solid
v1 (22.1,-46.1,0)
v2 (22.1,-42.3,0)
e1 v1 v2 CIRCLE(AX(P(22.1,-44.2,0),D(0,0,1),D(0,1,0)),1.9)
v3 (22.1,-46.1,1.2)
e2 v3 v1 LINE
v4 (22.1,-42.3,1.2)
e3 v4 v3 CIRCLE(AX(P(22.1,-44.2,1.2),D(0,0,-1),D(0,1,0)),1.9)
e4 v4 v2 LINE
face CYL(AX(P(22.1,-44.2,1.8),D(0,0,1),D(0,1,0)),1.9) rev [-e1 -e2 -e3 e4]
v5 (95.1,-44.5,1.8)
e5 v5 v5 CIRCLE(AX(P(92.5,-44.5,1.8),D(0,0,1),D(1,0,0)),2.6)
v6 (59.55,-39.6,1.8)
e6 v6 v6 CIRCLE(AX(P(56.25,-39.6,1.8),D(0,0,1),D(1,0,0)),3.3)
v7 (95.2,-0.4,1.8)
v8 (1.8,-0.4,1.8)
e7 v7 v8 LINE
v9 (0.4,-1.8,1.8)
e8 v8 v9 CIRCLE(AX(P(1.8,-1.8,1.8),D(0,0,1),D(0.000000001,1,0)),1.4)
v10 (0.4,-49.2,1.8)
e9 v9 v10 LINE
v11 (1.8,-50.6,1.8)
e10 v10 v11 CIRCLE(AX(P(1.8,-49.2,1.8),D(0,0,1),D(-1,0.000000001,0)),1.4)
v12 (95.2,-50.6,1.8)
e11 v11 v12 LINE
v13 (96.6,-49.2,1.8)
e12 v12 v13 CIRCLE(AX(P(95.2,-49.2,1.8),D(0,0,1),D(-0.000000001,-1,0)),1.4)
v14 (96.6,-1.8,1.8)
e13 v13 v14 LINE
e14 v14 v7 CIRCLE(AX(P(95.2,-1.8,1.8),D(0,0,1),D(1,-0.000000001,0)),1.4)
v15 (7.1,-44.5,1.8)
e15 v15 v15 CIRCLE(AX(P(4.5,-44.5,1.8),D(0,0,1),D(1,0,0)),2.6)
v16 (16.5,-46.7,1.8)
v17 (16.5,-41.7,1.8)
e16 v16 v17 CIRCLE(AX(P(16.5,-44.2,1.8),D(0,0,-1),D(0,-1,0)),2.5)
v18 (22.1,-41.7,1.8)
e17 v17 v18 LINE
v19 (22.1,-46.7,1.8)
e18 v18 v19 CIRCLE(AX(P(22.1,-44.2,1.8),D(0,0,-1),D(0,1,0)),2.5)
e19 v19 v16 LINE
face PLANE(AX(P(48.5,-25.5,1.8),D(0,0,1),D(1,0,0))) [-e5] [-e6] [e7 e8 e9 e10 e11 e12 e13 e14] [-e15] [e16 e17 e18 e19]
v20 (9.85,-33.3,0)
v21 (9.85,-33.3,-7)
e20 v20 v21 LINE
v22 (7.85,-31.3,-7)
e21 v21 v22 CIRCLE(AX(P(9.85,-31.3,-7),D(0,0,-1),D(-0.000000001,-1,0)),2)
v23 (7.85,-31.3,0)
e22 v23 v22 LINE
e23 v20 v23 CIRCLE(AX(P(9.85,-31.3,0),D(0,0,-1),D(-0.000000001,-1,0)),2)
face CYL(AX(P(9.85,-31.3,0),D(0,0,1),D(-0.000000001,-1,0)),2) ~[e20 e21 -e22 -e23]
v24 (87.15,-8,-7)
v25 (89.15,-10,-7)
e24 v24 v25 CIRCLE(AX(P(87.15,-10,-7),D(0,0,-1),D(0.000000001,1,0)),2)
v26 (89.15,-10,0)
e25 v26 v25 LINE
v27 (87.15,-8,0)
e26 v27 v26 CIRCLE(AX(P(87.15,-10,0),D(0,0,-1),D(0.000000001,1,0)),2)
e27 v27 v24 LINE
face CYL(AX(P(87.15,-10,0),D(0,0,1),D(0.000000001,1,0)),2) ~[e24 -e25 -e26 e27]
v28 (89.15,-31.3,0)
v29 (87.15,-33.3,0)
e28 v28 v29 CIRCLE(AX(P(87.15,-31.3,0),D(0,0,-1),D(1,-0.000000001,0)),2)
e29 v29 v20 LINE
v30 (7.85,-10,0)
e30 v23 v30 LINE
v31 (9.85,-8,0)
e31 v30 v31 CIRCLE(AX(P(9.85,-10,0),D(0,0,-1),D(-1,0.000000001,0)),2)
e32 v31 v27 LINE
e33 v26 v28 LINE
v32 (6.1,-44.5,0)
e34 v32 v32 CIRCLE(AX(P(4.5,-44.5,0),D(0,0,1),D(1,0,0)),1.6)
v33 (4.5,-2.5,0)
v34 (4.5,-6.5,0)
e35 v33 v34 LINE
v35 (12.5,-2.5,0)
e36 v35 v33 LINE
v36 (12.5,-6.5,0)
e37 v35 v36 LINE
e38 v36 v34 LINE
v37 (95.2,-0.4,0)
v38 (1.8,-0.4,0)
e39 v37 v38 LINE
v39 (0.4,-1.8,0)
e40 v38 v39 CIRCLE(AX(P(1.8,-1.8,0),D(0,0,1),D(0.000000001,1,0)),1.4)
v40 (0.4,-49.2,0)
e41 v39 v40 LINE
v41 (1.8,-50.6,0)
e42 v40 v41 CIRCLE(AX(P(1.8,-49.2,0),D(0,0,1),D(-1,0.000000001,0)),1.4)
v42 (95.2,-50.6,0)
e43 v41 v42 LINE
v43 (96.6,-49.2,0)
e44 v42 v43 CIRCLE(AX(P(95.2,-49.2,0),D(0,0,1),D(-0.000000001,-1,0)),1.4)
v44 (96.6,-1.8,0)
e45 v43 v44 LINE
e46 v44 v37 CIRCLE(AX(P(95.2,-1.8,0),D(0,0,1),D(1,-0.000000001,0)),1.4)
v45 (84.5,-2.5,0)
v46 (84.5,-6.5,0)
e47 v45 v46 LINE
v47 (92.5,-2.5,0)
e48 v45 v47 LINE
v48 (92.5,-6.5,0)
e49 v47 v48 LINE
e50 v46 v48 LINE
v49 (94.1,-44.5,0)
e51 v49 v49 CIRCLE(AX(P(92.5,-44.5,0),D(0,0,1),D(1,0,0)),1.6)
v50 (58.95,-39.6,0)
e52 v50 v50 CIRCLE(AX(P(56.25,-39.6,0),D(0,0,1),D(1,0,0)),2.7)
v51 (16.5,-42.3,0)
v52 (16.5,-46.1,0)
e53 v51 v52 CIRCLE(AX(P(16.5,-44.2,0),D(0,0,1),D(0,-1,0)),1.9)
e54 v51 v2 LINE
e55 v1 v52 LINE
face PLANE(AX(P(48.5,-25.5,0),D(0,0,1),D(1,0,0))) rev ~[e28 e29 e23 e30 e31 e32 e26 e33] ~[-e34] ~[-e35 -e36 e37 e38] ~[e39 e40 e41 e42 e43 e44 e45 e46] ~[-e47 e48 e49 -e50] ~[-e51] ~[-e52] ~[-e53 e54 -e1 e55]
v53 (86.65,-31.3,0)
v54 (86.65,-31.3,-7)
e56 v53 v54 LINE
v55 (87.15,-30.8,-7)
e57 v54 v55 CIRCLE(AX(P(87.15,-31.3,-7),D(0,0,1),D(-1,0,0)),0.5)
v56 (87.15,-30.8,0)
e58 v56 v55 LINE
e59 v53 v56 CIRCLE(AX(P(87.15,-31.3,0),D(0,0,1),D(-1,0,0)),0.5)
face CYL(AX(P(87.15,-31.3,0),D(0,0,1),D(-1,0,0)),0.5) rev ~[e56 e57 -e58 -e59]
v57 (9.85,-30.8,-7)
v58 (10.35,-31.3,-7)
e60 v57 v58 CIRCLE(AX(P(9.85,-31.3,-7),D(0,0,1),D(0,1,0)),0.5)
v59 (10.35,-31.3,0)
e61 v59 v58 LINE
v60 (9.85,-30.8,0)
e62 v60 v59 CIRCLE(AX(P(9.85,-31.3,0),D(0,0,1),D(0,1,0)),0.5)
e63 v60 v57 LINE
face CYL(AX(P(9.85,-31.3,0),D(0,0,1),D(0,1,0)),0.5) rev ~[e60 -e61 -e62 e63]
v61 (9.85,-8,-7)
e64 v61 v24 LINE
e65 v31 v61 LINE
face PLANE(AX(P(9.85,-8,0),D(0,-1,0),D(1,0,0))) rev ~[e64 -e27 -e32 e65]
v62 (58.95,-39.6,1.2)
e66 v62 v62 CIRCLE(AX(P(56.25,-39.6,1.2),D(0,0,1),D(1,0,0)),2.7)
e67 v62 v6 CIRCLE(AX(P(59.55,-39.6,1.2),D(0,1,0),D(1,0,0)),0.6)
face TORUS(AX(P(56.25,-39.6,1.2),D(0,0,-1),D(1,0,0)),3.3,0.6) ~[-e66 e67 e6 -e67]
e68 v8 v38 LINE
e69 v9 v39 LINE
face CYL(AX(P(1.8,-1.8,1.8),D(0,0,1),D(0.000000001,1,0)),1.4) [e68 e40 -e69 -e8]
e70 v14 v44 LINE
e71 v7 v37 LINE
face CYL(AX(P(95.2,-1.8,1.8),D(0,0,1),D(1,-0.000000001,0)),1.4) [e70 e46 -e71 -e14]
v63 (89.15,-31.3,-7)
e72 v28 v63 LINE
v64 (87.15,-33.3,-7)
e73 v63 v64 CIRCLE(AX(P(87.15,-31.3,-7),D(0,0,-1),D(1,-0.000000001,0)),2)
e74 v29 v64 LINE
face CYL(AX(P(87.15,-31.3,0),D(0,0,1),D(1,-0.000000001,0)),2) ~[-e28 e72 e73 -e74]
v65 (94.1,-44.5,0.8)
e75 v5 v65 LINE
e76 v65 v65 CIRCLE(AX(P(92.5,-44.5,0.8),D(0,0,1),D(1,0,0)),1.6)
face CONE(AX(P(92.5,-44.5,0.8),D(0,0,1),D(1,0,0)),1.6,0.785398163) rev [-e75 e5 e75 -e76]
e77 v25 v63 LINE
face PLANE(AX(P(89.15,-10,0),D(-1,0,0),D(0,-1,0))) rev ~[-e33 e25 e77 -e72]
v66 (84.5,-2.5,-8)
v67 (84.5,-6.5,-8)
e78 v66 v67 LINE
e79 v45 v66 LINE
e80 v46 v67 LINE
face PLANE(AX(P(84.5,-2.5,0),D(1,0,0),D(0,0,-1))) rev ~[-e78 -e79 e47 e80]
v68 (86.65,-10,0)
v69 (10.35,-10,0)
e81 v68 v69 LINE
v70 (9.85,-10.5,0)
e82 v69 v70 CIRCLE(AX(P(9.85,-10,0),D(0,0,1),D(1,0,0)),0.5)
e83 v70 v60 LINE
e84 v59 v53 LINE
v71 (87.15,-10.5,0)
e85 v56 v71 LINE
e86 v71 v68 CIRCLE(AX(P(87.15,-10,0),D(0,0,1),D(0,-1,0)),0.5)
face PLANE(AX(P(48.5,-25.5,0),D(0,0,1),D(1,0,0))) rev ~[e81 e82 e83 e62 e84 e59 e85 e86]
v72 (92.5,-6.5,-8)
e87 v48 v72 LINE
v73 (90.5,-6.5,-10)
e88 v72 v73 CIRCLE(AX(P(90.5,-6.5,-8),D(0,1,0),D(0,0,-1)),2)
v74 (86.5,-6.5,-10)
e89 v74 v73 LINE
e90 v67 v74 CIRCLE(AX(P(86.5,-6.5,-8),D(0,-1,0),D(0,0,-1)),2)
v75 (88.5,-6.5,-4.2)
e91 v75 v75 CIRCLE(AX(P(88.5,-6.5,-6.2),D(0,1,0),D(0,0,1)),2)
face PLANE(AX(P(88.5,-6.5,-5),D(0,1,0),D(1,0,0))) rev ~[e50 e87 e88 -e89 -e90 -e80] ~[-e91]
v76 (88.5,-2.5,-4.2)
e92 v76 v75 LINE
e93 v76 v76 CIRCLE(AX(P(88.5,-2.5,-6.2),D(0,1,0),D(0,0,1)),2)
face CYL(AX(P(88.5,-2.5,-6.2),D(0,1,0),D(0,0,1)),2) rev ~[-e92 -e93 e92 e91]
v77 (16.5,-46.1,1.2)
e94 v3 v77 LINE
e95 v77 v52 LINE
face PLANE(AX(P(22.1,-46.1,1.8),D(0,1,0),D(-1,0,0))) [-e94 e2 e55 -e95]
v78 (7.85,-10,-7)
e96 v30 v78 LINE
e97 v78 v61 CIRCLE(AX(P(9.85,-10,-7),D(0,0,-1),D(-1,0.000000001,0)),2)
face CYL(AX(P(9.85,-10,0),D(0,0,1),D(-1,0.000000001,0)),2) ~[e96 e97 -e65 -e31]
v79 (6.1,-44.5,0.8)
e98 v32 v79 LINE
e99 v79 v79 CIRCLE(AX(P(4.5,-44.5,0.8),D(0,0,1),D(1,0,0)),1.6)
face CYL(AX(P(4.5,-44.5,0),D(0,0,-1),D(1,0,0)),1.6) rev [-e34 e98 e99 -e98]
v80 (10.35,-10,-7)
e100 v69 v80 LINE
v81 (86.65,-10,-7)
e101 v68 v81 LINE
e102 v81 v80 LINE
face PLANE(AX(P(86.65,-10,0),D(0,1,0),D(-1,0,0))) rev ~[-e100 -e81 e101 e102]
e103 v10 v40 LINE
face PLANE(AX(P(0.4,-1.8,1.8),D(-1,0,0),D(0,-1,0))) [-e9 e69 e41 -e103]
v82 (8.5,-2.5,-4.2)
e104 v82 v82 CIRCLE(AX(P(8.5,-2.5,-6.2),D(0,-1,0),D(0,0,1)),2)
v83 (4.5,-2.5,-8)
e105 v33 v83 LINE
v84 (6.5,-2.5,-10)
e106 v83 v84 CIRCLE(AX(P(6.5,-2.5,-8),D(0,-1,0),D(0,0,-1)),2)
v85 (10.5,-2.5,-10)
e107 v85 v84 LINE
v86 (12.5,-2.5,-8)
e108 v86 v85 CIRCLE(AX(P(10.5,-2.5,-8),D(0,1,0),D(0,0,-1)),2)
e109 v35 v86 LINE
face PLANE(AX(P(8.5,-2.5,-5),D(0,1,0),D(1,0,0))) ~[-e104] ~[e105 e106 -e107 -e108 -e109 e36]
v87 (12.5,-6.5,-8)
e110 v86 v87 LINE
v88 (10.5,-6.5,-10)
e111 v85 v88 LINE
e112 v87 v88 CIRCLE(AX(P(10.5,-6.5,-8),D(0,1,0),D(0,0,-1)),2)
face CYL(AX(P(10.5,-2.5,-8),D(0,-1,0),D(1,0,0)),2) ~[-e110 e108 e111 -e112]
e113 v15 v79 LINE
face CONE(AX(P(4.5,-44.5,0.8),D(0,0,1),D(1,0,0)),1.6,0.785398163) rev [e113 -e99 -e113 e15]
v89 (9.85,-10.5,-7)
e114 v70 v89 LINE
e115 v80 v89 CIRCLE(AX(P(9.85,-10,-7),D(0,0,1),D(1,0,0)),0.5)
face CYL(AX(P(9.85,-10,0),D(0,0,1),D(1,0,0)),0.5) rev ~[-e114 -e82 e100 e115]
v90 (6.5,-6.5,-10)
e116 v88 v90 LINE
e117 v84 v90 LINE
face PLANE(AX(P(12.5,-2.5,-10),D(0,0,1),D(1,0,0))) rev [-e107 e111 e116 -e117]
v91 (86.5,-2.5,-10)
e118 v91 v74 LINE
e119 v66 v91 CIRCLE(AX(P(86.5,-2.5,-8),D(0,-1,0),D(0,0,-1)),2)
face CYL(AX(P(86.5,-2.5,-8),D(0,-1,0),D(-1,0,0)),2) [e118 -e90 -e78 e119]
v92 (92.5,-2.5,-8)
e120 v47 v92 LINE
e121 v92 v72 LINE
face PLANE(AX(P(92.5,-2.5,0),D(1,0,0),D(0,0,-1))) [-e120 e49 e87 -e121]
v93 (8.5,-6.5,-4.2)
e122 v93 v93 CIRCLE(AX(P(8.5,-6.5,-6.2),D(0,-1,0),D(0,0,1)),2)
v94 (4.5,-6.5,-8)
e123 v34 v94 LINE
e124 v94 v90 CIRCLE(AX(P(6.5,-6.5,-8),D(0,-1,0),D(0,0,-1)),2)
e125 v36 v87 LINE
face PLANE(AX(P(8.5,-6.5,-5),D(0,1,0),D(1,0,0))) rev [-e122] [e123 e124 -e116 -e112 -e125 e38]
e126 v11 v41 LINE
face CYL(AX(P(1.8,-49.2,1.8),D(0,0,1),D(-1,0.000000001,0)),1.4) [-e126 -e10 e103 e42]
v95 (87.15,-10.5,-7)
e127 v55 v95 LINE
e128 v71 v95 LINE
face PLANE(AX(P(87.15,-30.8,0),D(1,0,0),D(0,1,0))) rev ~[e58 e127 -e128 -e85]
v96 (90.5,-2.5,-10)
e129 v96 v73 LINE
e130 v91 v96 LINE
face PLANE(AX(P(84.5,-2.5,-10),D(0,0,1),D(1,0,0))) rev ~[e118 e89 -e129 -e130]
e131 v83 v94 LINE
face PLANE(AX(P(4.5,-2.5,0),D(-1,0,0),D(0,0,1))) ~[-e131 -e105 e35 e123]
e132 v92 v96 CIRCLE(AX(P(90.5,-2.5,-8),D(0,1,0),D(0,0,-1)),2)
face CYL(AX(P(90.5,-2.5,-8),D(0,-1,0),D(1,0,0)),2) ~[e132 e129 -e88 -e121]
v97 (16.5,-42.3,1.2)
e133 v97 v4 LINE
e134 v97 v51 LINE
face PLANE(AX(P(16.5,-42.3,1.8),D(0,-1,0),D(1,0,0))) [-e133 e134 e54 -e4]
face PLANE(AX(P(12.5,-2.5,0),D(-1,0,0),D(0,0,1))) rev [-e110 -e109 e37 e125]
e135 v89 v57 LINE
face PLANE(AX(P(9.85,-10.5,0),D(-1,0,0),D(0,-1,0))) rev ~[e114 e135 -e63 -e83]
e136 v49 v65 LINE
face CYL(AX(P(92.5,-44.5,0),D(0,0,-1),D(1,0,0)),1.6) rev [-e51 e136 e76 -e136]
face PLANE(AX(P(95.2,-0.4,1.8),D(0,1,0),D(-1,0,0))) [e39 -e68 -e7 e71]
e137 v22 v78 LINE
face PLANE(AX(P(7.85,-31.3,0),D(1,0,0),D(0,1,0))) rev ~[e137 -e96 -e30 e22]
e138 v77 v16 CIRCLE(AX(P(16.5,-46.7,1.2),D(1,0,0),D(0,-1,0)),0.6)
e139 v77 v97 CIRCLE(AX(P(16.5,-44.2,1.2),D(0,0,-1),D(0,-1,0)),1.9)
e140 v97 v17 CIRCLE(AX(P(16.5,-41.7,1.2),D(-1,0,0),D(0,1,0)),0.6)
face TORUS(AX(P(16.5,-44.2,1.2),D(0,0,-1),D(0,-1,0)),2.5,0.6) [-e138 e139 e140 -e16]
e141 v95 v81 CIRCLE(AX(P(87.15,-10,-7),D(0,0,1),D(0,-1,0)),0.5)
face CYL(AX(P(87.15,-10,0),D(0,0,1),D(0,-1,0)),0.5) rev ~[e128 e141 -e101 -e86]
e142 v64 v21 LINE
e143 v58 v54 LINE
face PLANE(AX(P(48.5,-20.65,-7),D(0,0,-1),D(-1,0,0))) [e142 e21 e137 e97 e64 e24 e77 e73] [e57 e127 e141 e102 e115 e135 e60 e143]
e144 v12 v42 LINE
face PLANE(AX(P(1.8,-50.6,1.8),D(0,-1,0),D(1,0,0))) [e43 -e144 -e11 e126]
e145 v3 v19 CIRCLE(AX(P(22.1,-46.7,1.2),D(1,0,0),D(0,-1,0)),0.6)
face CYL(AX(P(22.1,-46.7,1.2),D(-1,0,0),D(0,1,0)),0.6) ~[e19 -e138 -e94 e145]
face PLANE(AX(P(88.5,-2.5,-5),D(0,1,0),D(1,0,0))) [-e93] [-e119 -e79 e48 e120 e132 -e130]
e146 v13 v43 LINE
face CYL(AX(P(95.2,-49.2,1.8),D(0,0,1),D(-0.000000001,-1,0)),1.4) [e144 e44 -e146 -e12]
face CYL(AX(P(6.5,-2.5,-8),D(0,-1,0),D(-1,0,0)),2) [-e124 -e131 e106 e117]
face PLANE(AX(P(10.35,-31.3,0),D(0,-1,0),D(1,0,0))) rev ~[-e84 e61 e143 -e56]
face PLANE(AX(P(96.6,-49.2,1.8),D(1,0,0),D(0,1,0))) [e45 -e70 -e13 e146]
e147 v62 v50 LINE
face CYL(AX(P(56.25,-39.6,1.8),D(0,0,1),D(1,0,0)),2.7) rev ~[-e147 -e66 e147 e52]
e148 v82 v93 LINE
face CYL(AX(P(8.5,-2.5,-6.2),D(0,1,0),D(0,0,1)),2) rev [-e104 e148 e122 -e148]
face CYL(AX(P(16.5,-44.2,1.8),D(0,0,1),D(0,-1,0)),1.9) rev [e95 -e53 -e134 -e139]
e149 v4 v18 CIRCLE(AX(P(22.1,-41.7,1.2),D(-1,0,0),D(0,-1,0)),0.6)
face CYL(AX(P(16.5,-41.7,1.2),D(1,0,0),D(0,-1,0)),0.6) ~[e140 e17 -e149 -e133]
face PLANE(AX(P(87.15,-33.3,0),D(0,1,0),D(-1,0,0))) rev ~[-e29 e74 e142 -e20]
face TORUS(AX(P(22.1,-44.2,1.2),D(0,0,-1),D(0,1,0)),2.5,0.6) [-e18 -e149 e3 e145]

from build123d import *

# Parameters (mm, degrees)
SKETCH1_W            = 97
SKETCH1_H            = 51
SKETCH1_R            = 1.6
BOSS_EXTRUDE1_DEPTH  = 1.8
FILLET1_R            = 2
SKETCH4_W            = 8
SKETCH4_H            = 10
SKETCH4_R            = 2
BOSS_EXTRUDE3_DEPTH  = 4
FILLET2_R            = 2
FILLET2_OF_MIRROR1_R = 2
BOSS_EXTRUDE4_DEPTH  = 7
SKETCH7_R            = 2.7
CUT_EXTRUDE3_DEPTH   = 111.223590941
CUT_EXTRUDE4_DEPTH   = 111.223590941
FILLET3_R            = 0.6
CHAMFER1_SIZE        = 1
SKETCH9_W            = 97
SKETCH9_H            = 51
CUT_EXTRUDE5_DEPTH   = 111.223590941


with BuildPart() as part:
    # Sketch1 → Boss-Extrude1 (new body)
    with BuildSketch(Plane.XY):
        with Locations((48.5, -25.5)):
            Rectangle(SKETCH1_W, SKETCH1_H)
        with Locations((92.5, -44.5)):
            Circle(SKETCH1_R, mode=Mode.SUBTRACT)
        with Locations((4.5, -44.5)):
            Circle(SKETCH1_R, mode=Mode.SUBTRACT)
    extrude(amount=BOSS_EXTRUDE1_DEPTH)

    # Fillet1
    fillet1_edges = [part.edges().sort_by_distance(p)[0] for p in [
        (0, 0, 0.9),
        (97, 0, 0.9),
        (97, -51, 0.9),
        (0, -51, 0.9),
    ]]
    fillet(fillet1_edges, radius=FILLET1_R)

    # Sketch4 → Boss-Extrude3 (add)
    with BuildSketch(Plane(origin=(0, -2.5, 0), x_dir=(1, 0, 0), z_dir=(0, 1, 0))):
        with Locations((88.5, 5)):
            Rectangle(SKETCH4_W, SKETCH4_H)
        with Locations(Location((88.5, 6.2, 0), (0, 0, 270))):
            Circle(SKETCH4_R, mode=Mode.SUBTRACT)
    boss_extrude3 = extrude(amount=-BOSS_EXTRUDE3_DEPTH)

    # Fillet2
    fillet2_edges = [part.edges().sort_by_distance(p)[0] for p in [
        (84.5, -4.5, -10),
        (92.5, -4.5, -10),
    ]]
    fillet(fillet2_edges, radius=FILLET2_R)

    # Mirror1: Boss-Extrude3 across plane
    add(boss_extrude3.mirror(Plane(origin=(48.5, 0, 0), x_dir=(0, 0, 1), z_dir=(1, 0, 0))))

    # Fillet2 of Mirror1
    fillet2_of_mirror1_edges = [part.edges().sort_by_distance(p)[0] for p in [
        (12.5, -4.5, -10),
        (4.5, -4.5, -10),
    ]]
    fillet(fillet2_of_mirror1_edges, radius=FILLET2_OF_MIRROR1_R)

    # Sketch5 → Boss-Extrude4 (add)
    with BuildSketch(Plane(origin=(0, 0, 0), x_dir=(-1, 0, 0), z_dir=(0, 0, -1))):
        with BuildLine():
            Line((-89.15, -10), (-89.15, -31.3))
            ThreePointArc((-89.15, -31.3), (-88.564213562, -32.714213562), (-87.15, -33.3))
            Line((-87.15, -33.3), (-9.85, -33.3))
            ThreePointArc((-9.85, -33.3), (-8.435786438, -32.714213562), (-7.85, -31.3))
            Line((-7.85, -31.3), (-7.85, -10))
            ThreePointArc((-7.85, -10), (-8.435786438, -8.585786438), (-9.85, -8))
            Line((-9.85, -8), (-87.15, -8))
            ThreePointArc((-87.15, -8), (-88.564213562, -8.585786438), (-89.15, -10))
        make_face()
        with BuildLine():
            Line((-86.65, -10), (-10.35, -10))
            ThreePointArc((-10.35, -10), (-9.496446609, -9.646446609), (-9.85, -10.5))
            Line((-9.85, -10.5), (-9.85, -30.8))
            ThreePointArc((-9.85, -30.8), (-9.496446609, -31.653553391), (-10.35, -31.3))
            Line((-10.35, -31.3), (-86.65, -31.3))
            ThreePointArc((-86.65, -31.3), (-87.503553391, -31.653553391), (-87.15, -30.8))
            Line((-87.15, -30.8), (-87.15, -10.5))
            ThreePointArc((-87.15, -10.5), (-87.503553391, -9.646446609), (-86.65, -10))
        make_face(mode=Mode.SUBTRACT)
    extrude(amount=BOSS_EXTRUDE4_DEPTH)

    # Sketch7 → Cut-Extrude3 (cut, through all)
    with BuildSketch(Plane.XY.offset(1.8)):
        with Locations((56.25, -39.6)):
            Circle(SKETCH7_R)
    extrude(amount=-CUT_EXTRUDE3_DEPTH, mode=Mode.SUBTRACT)

    # Sketch8 → Cut-Extrude4 (cut, through all)
    with BuildSketch(Plane.XY.offset(1.8)):
        with BuildLine():
            Line((16.5, -42.3), (22.1, -42.3))
            ThreePointArc((22.1, -42.3), (24, -44.2), (22.1, -46.1))
            Line((22.1, -46.1), (16.5, -46.1))
            ThreePointArc((16.5, -46.1), (14.6, -44.2), (16.5, -42.3))
        make_face()
    extrude(amount=-CUT_EXTRUDE4_DEPTH, mode=Mode.SUBTRACT)

    # Fillet3
    fillet3_edges = [part.edges().sort_by_distance(p)[0] for p in [
        (53.55, -39.6, 1.8),
        (14.6, -44.2, 1.8),
        (19.3, -46.1, 1.8),
        (24, -44.2, 1.8),
        (19.3, -42.3, 1.8),
    ]]
    fillet(fillet3_edges, radius=FILLET3_R)

    # Chamfer1
    chamfer1_edges = [part.edges().sort_by_distance(p)[0] for p in [
        (90.9, -44.5, 1.8),
        (2.9, -44.5, 1.8),
    ]]
    chamfer(chamfer1_edges, length=CHAMFER1_SIZE)

    # Sketch9 → Cut-Extrude5 (cut, through all)
    with BuildSketch(Plane.XY.offset(1.8)):
        with Locations((48.5, -25.5)):
            Rectangle(SKETCH9_W, SKETCH9_H)
        with BuildLine():
            Line((0.4, -1.8), (0.4, -49.2))
            ThreePointArc((0.4, -49.2), (0.810050506, -50.189949494), (1.8, -50.6))
            Line((1.8, -50.6), (95.2, -50.6))
            ThreePointArc((95.2, -50.6), (96.189949494, -50.189949494), (96.6, -49.2))
            Line((96.6, -49.2), (96.6, -1.8))
            ThreePointArc((96.6, -1.8), (96.189949494, -0.810050506), (95.2, -0.4))
            Line((95.2, -0.4), (1.8, -0.4))
            ThreePointArc((1.8, -0.4), (0.810050506, -0.810050506), (0.4, -1.8))
        make_face(mode=Mode.SUBTRACT)
    extrude(amount=-CUT_EXTRUDE5_DEPTH, mode=Mode.SUBTRACT)


solid = part.part
